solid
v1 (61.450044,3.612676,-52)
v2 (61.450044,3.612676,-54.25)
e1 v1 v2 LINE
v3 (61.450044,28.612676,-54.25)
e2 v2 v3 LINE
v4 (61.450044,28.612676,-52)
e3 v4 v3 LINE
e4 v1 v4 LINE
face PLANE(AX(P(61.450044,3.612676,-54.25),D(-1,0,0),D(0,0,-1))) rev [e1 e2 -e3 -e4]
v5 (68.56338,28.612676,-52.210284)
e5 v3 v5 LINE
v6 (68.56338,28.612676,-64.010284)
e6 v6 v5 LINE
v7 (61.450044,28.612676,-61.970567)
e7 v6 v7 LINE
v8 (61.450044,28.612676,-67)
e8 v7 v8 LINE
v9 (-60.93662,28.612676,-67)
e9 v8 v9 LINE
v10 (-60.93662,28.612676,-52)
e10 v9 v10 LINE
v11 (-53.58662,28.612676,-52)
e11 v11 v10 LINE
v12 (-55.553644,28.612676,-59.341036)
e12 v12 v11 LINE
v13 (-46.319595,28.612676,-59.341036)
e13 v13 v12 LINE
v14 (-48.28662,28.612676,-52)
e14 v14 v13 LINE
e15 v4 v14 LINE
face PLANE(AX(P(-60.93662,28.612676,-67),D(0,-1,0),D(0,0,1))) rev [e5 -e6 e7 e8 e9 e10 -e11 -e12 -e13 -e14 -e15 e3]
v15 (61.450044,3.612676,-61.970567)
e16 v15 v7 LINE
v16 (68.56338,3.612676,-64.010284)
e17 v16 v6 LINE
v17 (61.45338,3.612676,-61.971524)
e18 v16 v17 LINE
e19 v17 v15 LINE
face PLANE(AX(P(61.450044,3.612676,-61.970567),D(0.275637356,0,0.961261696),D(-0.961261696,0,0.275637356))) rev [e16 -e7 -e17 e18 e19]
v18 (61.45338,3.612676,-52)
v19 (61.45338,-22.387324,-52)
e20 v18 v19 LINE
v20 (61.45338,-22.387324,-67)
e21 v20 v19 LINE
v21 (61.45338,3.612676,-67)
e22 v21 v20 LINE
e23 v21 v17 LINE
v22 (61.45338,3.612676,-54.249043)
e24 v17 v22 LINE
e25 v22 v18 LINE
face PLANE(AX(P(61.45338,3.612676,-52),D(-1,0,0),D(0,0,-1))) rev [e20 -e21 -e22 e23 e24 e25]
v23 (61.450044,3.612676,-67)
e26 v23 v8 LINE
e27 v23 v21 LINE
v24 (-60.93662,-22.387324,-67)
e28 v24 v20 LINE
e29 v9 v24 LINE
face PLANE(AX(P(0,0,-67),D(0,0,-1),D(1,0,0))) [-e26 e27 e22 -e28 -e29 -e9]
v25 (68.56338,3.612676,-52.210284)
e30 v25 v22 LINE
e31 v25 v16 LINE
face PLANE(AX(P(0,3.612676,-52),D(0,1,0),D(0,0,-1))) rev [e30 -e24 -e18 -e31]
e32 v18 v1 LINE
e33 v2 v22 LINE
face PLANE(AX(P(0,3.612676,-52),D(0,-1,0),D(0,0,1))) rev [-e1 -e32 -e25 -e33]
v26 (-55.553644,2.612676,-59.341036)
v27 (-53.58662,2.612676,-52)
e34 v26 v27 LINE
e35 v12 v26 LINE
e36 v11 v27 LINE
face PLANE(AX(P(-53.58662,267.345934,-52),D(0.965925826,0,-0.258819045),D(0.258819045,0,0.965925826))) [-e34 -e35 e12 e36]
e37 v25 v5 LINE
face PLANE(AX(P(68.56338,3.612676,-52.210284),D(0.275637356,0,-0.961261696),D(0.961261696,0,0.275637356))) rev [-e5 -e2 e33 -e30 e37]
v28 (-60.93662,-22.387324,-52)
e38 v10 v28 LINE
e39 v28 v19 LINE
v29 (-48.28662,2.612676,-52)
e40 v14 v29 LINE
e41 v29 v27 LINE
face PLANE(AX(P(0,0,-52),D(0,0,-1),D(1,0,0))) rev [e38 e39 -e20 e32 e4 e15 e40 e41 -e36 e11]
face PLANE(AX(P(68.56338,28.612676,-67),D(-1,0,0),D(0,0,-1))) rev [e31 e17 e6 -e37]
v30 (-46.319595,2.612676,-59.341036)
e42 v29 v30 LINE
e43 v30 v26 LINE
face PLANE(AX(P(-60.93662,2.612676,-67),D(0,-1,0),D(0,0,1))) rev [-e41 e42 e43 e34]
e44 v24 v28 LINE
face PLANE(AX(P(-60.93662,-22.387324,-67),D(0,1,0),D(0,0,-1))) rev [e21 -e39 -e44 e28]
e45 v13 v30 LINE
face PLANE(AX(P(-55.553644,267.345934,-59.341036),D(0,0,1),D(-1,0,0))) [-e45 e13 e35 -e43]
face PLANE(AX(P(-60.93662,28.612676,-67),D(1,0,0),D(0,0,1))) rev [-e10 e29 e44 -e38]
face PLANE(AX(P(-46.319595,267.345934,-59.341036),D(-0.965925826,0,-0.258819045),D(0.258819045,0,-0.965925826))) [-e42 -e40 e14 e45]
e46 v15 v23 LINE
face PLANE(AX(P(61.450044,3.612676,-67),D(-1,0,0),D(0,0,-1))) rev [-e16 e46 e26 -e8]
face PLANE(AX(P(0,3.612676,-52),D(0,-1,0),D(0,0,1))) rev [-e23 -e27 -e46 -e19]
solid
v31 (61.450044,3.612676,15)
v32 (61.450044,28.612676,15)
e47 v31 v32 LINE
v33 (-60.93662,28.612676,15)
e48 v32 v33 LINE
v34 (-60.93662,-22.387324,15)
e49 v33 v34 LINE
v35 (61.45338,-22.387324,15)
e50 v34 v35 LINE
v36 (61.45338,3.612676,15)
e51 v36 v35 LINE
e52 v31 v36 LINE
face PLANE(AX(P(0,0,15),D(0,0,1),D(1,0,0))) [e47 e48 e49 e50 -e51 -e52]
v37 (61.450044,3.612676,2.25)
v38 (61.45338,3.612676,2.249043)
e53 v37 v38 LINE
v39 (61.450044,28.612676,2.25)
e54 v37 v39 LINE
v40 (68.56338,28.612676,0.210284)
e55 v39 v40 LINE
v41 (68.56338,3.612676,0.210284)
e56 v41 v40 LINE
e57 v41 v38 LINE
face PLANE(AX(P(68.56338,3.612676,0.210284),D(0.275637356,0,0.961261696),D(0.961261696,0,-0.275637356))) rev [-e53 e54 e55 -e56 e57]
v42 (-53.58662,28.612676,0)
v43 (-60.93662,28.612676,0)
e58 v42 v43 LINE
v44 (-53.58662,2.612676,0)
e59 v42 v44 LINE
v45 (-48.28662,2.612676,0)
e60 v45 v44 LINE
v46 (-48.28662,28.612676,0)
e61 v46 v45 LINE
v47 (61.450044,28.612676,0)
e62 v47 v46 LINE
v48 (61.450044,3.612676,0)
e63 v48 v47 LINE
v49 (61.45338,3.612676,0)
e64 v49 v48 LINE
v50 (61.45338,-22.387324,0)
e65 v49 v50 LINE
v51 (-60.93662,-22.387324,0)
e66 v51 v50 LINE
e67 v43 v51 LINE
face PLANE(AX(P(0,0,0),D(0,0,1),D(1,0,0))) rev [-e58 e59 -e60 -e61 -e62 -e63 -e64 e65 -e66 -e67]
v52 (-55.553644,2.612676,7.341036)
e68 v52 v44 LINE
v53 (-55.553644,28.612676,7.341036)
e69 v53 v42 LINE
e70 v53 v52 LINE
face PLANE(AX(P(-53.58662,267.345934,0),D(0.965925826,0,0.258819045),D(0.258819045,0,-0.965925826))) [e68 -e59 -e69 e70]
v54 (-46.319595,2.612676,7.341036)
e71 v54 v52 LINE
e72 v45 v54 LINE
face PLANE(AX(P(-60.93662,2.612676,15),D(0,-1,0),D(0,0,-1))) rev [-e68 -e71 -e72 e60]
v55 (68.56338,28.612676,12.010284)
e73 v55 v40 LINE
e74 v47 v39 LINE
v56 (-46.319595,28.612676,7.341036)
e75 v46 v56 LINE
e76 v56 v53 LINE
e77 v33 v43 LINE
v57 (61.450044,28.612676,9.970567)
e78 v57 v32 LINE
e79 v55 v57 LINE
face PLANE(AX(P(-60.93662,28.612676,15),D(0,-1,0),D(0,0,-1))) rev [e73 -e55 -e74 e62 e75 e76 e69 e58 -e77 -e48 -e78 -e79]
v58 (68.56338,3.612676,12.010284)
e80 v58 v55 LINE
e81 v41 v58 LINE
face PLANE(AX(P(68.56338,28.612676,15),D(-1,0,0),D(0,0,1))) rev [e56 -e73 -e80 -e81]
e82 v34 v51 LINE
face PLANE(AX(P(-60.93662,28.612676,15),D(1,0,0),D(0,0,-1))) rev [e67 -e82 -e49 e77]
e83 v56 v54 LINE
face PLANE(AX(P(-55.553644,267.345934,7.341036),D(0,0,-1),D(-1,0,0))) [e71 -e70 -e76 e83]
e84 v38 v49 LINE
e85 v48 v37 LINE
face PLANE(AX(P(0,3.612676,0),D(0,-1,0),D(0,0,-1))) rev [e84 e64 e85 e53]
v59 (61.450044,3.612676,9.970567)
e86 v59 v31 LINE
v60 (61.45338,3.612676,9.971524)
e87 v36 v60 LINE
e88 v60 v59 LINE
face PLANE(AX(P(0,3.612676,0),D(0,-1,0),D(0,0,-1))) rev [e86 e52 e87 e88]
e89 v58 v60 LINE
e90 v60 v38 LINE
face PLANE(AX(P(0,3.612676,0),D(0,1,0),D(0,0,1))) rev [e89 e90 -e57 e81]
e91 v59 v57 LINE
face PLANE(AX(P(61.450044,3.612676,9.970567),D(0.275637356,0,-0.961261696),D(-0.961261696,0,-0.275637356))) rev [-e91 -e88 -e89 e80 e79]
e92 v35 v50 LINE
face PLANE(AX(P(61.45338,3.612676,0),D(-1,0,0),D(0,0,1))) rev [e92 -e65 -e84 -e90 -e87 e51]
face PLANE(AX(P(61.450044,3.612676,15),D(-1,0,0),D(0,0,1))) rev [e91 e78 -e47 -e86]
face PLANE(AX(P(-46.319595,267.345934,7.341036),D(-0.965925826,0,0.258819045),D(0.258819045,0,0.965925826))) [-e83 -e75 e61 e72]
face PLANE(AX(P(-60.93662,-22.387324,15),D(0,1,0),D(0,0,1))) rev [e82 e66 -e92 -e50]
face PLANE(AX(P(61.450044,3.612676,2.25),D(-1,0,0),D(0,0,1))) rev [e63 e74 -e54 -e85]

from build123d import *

# Parameters (mm, degrees)
SKETCH1_W               = 129.5
SKETCH1_H               = 51
BOSS_EXTRUDE1_DEPTH     = 15
CUT_EXTRUDE2_DEPTH      = 1
CUT_EXTRUDE2_DEPTH_BACK = 26
CUT_EXTRUDE4_DEPTH      = 25
SKETCH7_W               = 7.11
SKETCH7_H               = 15
CUT_EXTRUDE5_DEPTH      = 26


with BuildPart() as part:
    # Sketch1 → Boss-Extrude1 (new body)
    with BuildSketch(Plane.XY):
        with Locations((3.813380282, 3.112676056)):
            Rectangle(SKETCH1_W, SKETCH1_H)
    extrude(amount=BOSS_EXTRUDE1_DEPTH)

    # Sketch3 → Cut-Extrude2 (cut, two sides)
    with BuildSketch(Plane(origin=(0, 28.612676056, 0), x_dir=(1, 0, 0), z_dir=(0, 1, 0))) as cut_extrude2_sk:
        Polygon((-331.668282544, 0), (-60.936619718, 0), (-53.586619718, 0), (-55.553644461, -7.34103628), (-46.319594976, -7.34103628), (-48.286619718, 0), (-118.35713017, 261.506705118), (-537.936404333, 603.757732463), (-751.247556708, 342.251027345), align=None)
    extrude(amount=CUT_EXTRUDE2_DEPTH, mode=Mode.SUBTRACT)
    extrude(cut_extrude2_sk.sketch, amount=-CUT_EXTRUDE2_DEPTH_BACK, mode=Mode.SUBTRACT)

    # Sketch5 → Cut-Extrude4 (cut)
    with BuildSketch(Plane(origin=(0, 28.612676056, 0), x_dir=(1, 0, 0), z_dir=(0, 1, 0))):
        Polygon((61.450043732, 0), (68.563380282, 0), (68.563380282, -0.210283567), (61.450043732, -2.25), align=None)
        Polygon((61.450043732, -15), (61.450043732, -9.970567134), (68.563380282, -12.010283567), (68.563380282, -15), align=None)
    extrude(amount=-CUT_EXTRUDE4_DEPTH, mode=Mode.SUBTRACT)

    # Sketch7 → Cut-Extrude5 (cut)
    with BuildSketch(Plane.XZ.offset(22.387323944)):
        with Locations((65.008380282, 7.5)):
            Rectangle(SKETCH7_W, SKETCH7_H)
    extrude(amount=-CUT_EXTRUDE5_DEPTH, mode=Mode.SUBTRACT)


with BuildPart() as body_2:
    # Mirror2: mirrored copy
    add(part.part.mirror(Plane(origin=(0, 0, -26), x_dir=(1, 0, 0), z_dir=(0, 0, -1))))


solid = Compound([part.part, body_2.part])
